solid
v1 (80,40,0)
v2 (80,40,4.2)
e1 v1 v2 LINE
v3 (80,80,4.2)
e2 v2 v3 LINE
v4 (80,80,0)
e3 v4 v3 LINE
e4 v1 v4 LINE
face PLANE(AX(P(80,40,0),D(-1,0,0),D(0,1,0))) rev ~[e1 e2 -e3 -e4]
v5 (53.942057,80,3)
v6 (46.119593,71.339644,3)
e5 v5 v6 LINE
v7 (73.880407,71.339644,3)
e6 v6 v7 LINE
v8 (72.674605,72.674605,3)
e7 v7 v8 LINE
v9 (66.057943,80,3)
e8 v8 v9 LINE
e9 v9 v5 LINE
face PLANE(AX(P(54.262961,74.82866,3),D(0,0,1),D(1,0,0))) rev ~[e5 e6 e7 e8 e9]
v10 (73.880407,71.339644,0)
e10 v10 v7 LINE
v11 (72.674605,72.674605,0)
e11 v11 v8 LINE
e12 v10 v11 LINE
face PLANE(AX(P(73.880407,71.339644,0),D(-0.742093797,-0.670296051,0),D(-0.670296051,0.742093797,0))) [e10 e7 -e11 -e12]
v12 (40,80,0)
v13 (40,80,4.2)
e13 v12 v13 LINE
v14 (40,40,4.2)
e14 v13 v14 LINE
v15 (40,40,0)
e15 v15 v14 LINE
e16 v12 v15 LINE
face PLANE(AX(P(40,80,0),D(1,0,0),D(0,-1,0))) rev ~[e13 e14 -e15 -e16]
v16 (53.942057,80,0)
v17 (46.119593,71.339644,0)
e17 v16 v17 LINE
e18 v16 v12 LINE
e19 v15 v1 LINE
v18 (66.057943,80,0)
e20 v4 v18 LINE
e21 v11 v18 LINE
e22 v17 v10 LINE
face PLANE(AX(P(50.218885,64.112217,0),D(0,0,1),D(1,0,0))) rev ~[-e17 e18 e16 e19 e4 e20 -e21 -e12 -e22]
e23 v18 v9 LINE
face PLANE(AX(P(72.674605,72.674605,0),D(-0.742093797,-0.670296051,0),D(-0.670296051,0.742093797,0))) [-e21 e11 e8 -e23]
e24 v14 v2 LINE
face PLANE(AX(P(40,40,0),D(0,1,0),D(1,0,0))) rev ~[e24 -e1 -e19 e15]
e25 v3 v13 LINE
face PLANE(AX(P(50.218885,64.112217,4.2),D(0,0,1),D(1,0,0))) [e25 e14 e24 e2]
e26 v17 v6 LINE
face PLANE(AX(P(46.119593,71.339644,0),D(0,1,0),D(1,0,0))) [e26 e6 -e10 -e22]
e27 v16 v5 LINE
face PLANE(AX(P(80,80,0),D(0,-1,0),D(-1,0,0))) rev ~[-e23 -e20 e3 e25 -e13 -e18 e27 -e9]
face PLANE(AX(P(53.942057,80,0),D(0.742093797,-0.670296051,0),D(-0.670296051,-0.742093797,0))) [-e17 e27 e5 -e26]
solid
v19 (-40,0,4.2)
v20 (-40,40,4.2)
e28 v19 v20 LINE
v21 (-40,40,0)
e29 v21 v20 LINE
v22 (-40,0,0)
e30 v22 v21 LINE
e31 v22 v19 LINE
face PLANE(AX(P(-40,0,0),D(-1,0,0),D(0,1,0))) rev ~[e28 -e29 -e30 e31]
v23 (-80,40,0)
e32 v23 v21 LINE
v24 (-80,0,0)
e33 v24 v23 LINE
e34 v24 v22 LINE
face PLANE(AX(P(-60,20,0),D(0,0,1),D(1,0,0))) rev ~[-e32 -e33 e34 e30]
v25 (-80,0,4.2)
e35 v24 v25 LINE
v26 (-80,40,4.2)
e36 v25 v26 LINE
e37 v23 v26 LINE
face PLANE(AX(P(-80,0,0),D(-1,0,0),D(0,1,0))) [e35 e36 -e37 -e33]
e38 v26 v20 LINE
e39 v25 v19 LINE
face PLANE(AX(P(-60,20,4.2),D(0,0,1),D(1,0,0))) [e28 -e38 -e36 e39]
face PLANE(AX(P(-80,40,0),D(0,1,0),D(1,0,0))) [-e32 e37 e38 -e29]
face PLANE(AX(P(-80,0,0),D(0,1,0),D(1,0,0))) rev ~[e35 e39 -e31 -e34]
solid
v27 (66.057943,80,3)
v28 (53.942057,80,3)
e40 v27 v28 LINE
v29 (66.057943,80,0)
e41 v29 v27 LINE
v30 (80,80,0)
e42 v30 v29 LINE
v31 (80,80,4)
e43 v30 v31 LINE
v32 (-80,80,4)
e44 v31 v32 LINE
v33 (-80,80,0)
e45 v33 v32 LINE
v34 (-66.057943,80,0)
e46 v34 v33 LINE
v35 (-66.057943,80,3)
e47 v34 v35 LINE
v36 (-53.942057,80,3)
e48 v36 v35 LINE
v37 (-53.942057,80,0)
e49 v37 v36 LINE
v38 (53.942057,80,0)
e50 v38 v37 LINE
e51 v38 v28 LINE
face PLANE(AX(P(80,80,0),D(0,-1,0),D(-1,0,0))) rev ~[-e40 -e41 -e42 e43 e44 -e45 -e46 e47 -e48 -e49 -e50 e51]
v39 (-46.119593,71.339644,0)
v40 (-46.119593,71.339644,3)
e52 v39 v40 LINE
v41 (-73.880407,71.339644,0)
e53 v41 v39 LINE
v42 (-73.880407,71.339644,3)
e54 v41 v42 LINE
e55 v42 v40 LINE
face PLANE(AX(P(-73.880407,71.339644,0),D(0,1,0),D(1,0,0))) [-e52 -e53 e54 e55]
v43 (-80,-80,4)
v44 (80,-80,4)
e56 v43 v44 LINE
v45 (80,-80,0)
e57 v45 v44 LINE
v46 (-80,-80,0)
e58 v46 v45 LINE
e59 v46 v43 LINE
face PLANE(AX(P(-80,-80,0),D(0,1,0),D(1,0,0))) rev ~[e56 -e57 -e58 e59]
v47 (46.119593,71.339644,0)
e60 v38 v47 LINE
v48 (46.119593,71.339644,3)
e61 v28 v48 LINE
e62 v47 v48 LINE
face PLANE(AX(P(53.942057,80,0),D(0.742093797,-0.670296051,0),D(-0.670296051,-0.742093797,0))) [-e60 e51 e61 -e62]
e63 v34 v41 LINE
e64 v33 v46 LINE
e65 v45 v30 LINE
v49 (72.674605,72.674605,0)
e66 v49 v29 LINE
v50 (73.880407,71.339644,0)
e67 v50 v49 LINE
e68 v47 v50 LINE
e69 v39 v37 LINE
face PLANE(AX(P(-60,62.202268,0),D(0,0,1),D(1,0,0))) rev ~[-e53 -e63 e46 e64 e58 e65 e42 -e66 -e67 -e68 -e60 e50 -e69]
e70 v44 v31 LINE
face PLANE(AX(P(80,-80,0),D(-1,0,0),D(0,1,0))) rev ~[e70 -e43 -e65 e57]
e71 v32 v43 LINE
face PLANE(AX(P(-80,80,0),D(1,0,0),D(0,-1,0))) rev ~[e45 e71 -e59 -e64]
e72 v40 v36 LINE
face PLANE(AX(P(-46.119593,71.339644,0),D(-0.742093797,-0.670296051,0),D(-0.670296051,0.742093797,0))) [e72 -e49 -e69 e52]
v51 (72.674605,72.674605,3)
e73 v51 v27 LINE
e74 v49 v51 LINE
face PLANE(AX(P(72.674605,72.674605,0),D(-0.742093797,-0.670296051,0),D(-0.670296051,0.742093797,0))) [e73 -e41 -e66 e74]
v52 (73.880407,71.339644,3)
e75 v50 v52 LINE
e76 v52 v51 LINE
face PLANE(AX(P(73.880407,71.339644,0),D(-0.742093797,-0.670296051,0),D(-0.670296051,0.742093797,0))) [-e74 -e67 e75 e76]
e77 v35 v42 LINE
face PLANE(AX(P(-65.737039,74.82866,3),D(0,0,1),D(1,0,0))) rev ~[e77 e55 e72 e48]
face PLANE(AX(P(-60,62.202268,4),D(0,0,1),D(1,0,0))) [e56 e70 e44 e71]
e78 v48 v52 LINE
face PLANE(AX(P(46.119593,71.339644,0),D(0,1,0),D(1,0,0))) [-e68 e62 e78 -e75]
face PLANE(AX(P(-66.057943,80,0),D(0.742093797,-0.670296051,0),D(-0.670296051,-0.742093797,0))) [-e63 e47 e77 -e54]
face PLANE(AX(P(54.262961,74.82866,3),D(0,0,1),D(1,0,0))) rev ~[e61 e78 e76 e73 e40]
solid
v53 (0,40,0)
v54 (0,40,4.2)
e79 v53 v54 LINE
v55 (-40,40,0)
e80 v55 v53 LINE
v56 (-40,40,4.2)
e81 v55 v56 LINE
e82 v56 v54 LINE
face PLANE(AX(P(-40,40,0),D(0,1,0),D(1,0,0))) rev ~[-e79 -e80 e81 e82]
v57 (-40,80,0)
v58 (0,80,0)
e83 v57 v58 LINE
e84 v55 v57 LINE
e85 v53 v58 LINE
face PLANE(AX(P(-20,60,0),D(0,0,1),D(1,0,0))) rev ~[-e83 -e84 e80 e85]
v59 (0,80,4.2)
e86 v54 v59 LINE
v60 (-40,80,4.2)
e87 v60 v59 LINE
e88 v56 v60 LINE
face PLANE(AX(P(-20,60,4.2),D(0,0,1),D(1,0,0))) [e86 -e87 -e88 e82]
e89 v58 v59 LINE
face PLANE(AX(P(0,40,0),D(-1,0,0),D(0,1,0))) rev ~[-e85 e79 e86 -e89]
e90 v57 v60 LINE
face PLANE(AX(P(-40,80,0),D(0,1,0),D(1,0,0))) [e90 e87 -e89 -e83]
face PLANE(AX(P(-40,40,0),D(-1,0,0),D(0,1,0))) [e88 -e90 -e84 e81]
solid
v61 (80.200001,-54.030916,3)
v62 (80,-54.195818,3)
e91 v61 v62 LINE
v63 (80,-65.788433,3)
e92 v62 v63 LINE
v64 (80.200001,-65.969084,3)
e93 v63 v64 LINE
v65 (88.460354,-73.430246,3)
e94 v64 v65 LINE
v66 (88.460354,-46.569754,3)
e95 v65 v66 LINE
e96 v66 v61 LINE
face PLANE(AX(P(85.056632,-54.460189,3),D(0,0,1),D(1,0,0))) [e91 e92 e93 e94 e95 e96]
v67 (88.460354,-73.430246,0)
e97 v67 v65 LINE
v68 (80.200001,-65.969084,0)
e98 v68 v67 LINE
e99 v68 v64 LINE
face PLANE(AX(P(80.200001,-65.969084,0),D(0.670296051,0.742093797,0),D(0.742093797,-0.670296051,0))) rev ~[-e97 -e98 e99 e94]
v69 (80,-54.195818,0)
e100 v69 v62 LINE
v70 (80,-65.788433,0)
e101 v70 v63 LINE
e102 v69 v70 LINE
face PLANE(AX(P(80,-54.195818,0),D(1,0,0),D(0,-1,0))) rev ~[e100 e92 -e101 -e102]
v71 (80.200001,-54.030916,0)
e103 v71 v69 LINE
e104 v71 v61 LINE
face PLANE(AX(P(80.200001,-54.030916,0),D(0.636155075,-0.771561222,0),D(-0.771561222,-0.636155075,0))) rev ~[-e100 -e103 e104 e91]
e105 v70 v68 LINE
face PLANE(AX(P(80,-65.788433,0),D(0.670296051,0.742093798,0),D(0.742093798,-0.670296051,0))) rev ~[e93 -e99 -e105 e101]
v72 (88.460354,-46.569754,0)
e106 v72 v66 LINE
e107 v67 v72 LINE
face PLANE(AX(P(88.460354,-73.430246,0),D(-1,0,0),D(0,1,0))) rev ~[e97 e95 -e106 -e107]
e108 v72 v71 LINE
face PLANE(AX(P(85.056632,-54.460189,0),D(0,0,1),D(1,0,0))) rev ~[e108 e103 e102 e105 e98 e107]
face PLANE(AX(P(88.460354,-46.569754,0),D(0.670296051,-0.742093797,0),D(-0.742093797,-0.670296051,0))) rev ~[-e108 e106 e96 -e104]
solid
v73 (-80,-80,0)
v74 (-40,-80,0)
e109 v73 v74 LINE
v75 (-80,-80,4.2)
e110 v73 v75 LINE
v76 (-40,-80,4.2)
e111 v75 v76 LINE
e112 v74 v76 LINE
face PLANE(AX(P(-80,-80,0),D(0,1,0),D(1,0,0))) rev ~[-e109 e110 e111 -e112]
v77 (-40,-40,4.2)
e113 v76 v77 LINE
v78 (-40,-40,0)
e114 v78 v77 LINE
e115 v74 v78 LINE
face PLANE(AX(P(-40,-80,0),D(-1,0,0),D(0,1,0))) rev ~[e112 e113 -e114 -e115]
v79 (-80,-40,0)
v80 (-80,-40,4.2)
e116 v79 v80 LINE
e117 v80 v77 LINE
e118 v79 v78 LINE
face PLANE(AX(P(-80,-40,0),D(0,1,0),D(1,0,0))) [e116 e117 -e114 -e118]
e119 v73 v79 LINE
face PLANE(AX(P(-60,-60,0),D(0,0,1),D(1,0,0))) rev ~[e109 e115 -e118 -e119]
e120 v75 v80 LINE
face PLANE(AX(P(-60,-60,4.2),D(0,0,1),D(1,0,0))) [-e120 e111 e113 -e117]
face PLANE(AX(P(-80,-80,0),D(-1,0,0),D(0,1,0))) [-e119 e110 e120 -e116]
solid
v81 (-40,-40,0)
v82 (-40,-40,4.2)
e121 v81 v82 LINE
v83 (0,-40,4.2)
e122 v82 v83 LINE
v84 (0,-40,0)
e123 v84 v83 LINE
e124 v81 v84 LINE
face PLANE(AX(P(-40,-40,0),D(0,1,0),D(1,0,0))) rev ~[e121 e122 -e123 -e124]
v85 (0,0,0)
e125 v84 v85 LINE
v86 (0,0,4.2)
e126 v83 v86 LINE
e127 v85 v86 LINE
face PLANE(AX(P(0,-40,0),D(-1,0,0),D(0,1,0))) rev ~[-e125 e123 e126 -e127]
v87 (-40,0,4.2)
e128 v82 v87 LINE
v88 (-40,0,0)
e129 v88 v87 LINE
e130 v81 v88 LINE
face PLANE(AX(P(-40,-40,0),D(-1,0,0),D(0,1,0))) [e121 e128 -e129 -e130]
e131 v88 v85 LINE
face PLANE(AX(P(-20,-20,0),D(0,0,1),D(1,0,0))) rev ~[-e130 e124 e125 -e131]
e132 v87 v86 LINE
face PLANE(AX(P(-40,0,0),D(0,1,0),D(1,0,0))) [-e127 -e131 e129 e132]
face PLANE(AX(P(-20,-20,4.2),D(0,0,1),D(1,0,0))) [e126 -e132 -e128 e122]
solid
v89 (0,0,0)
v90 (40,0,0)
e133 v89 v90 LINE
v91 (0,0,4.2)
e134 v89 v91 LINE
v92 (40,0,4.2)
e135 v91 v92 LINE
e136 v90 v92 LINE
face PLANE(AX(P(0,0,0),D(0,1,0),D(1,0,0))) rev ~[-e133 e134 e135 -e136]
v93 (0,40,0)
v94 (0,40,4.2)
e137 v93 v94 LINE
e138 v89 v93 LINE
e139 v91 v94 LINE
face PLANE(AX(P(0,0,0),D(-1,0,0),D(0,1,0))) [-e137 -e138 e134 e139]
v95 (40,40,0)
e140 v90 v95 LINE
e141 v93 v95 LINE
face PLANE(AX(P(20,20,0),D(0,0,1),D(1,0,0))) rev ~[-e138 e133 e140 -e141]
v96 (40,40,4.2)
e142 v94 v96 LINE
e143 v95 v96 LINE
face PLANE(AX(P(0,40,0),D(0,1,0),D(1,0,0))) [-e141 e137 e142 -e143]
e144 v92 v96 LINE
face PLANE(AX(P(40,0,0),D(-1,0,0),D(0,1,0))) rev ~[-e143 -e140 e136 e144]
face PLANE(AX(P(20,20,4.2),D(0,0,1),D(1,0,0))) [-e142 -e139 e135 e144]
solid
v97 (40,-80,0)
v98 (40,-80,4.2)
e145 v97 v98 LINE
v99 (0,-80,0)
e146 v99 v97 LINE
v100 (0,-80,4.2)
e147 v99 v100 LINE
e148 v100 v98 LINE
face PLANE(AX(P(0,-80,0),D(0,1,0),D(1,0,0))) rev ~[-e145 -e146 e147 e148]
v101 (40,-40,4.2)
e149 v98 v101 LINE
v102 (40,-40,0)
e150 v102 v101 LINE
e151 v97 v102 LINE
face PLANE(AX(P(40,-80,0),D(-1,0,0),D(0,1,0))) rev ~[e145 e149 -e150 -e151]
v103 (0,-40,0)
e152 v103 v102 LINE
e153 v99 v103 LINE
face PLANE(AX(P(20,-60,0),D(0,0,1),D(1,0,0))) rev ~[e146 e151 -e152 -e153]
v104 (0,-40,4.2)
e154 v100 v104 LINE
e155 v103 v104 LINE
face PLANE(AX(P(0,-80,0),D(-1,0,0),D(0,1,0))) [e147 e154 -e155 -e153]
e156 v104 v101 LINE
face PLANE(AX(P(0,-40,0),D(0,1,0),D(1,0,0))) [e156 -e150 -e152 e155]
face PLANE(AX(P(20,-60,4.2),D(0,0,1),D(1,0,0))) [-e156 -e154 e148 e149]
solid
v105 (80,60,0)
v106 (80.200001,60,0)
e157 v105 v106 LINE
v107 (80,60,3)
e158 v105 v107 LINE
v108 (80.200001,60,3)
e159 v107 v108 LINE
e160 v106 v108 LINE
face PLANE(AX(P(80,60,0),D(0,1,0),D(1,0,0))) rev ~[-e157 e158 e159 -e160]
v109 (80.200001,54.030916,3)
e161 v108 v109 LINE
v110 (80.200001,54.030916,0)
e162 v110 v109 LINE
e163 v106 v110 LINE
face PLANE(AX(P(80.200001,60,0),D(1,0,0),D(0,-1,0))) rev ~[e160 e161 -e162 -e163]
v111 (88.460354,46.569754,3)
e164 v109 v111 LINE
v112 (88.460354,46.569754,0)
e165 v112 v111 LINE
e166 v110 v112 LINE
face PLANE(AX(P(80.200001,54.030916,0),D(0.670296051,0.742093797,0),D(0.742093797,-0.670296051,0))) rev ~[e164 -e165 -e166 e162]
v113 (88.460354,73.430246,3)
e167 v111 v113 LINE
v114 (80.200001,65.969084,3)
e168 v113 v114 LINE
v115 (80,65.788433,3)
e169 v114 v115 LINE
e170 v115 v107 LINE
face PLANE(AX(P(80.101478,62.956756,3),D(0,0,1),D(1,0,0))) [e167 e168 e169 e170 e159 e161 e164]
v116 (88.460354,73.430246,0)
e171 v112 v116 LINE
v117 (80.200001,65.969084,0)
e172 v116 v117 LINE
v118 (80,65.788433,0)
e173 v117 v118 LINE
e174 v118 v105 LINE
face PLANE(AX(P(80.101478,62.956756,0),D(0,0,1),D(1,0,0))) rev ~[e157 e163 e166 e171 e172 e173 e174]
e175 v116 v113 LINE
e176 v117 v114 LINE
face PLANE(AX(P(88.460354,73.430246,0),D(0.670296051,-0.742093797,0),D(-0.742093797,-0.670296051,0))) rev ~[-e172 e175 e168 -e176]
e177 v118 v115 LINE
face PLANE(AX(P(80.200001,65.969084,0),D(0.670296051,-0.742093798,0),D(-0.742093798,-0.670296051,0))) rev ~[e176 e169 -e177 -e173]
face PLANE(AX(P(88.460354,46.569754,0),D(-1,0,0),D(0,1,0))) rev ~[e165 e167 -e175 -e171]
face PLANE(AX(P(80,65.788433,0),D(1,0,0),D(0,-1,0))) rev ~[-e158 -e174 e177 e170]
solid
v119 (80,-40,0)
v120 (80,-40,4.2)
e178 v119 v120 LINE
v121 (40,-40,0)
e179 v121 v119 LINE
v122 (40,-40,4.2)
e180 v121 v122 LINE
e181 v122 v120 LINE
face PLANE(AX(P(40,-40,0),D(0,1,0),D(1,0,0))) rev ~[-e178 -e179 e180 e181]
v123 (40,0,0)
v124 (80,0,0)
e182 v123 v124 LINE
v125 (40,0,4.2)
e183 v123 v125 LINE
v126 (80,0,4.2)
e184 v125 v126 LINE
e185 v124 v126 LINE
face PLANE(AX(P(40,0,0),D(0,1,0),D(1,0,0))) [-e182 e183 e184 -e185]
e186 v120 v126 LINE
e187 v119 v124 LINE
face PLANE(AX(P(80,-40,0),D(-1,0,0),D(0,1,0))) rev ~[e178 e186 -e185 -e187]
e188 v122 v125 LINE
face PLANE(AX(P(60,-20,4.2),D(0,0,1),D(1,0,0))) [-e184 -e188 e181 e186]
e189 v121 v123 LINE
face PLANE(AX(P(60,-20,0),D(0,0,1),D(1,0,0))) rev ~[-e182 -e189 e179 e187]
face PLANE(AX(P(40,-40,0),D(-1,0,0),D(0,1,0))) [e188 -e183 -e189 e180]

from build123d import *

# Parameters (mm, degrees)
F0_W     = 40
F0_H     = 40
F1_DEPTH = 4
F2_DEPTH = 4.2
F3_DEPTH = 3
F4_DEPTH = 3


with BuildPart() as f1:
    # F0 (on Top) → F1 (new body)
    with BuildSketch(Plane.XY):
        Polygon((-80, 80), (-80, 40), (-40, 40), (-40, 80), (-53.9420571923, 80), (-46.1195930839, 71.3396444917), (-60, 71.3396444917), (-73.8804069161, 71.3396444917), (-66.0579428077, 80), align=None)
        Polygon((-60, 80), (-66.0579428077, 80), (-73.8804069161, 71.3396444917), (-60, 71.3396444917), align=None)
        Polygon((-46.1195930839, 71.3396444917), (-53.9420571923, 80), (-60, 80), (-60, 71.3396444917), align=None)
        with Locations((-20, 60)):
            Rectangle(F0_W, F0_H)
        with Locations((20, 60)):
            Rectangle(F0_W, F0_H)
        Polygon((40, 80), (40, 40), (71.3396444917, 71.3396444917), (60, 71.3396444917), (46.1195930839, 71.3396444917), (53.9420571923, 80), align=None)
        Polygon((71.3396444917, 71.3396444917), (40, 40), (80, 40), (80, 53.9420571923), (80, 54.19581756), (80, 60), (80, 65.7884331082), (80, 66.0579428077), (80, 80), (72.6746045513, 72.6746045513), (73.8804069161, 71.3396444917), align=None)
        Polygon((72.6746045513, 72.6746045513), (71.3396444917, 71.3396444917), (73.8804069161, 71.3396444917), align=None)
        Polygon((60, 71.3396444917), (71.3396444917, 71.3396444917), (72.6746045513, 72.6746045513), (66.0579428077, 80), (60, 80), align=None)
        Polygon((66.0579428077, 80), (72.6746045513, 72.6746045513), (80, 80), align=None)
        Polygon((60, 80), (53.9420571923, 80), (46.1195930839, 71.3396444917), (60, 71.3396444917), align=None)
        with Locations((20, 20)):
            Rectangle(F0_W, F0_H)
        with Locations((-20, 20)):
            Rectangle(F0_W, F0_H)
        with Locations((-60, 20)):
            Rectangle(F0_W, F0_H)
        with Locations((-60, -20)):
            Rectangle(F0_W, F0_H)
        with Locations((-20, -20)):
            Rectangle(F0_W, F0_H)
        with Locations((20, -20)):
            Rectangle(F0_W, F0_H)
        with Locations((60, -20)):
            Rectangle(F0_W, F0_H)
        Polygon((40, -40), (40, -80), (80, -80), (80, -66.0579428077), (80, -65.7884331082), (80, -60), (80, -54.19581756), (80, -53.9420571923), (80, -40), align=None)
        with Locations((20, -60)):
            Rectangle(F0_W, F0_H)
        with Locations((-20, -60)):
            Rectangle(F0_W, F0_H)
        with Locations((-60, -60)):
            Rectangle(F0_W, F0_H)
        with Locations((60, 20)):
            Rectangle(F0_W, F0_H)
    extrude(amount=F1_DEPTH)


with BuildPart() as f2:
    # F0 (on Top) → F2 (new body)
    with BuildSketch(Plane.XY):
        with Locations((-60, -60)):
            Rectangle(F0_W, F0_H)
    extrude(amount=F2_DEPTH)


with BuildPart() as f2b:
    # F0 (on Top) → F2, piece 2 (new body)
    with BuildSketch(Plane.XY):
        with Locations((-20, -20)):
            Rectangle(F0_W, F0_H)
    extrude(amount=F2_DEPTH)


with BuildPart() as f2c:
    # F0 (on Top) → F2, piece 3 (new body)
    with BuildSketch(Plane.XY):
        with Locations((-60, 20)):
            Rectangle(F0_W, F0_H)
    extrude(amount=F2_DEPTH)


with BuildPart() as f2d:
    # F0 (on Top) → F2, piece 4 (new body)
    with BuildSketch(Plane.XY):
        with Locations((-20, 60)):
            Rectangle(F0_W, F0_H)
    extrude(amount=F2_DEPTH)


with BuildPart() as f2e:
    # F0 (on Top) → F2, piece 5 (new body)
    with BuildSketch(Plane.XY):
        with Locations((20, 20)):
            Rectangle(F0_W, F0_H)
    extrude(amount=F2_DEPTH)


with BuildPart() as f2f:
    # F0 (on Top) → F2, piece 6 (new body)
    with BuildSketch(Plane.XY):
        with Locations((60, -20)):
            Rectangle(F0_W, F0_H)
    extrude(amount=F2_DEPTH)


with BuildPart() as f2g:
    # F0 (on Top) → F2, piece 7 (new body)
    with BuildSketch(Plane.XY):
        with Locations((20, -60)):
            Rectangle(F0_W, F0_H)
    extrude(amount=F2_DEPTH)


with BuildPart() as f2h:
    # F0 (on Top) → F2, piece 8 (new body)
    with BuildSketch(Plane.XY):
        Polygon((40, 80), (40, 40), (71.3396444917, 71.3396444917), (60, 71.3396444917), (46.1195930839, 71.3396444917), (53.9420571923, 80), align=None)
        Polygon((71.3396444917, 71.3396444917), (40, 40), (80, 40), (80, 53.9420571923), (80, 54.19581756), (80, 60), (80, 65.7884331082), (80, 66.0579428077), (80, 80), (72.6746045513, 72.6746045513), (73.8804069161, 71.3396444917), align=None)
        Polygon((60, 71.3396444917), (71.3396444917, 71.3396444917), (72.6746045513, 72.6746045513), (66.0579428077, 80), (60, 80), align=None)
        Polygon((60, 80), (53.9420571923, 80), (46.1195930839, 71.3396444917), (60, 71.3396444917), align=None)
        Polygon((66.0579428077, 80), (72.6746045513, 72.6746045513), (80, 80), align=None)
        Polygon((72.6746045513, 72.6746045513), (71.3396444917, 71.3396444917), (73.8804069161, 71.3396444917), align=None)
    extrude(amount=F2_DEPTH)


with BuildPart() as f3_tool:
    # F0 (on Top) → F3 (new body)
    with BuildSketch(Plane.XY):
        Polygon((60, 80), (53.9420571923, 80), (46.1195930839, 71.3396444917), (60, 71.3396444917), align=None)
        Polygon((60, 71.3396444917), (71.3396444917, 71.3396444917), (72.6746045513, 72.6746045513), (66.0579428077, 80), (60, 80), align=None)
        Polygon((72.6746045513, 72.6746045513), (71.3396444917, 71.3396444917), (73.8804069161, 71.3396444917), align=None)
        Polygon((-60, 80), (-66.0579428077, 80), (-73.8804069161, 71.3396444917), (-60, 71.3396444917), align=None)
        Polygon((-46.1195930839, 71.3396444917), (-53.9420571923, 80), (-60, 80), (-60, 71.3396444917), align=None)
    extrude(amount=F3_DEPTH)


with BuildPart() as f1_1:
    add(f1.part)

    # F3: cut by f3_tool
    add(f3_tool.part, mode=Mode.SUBTRACT)


with BuildPart() as f2h_1:
    add(f2h.part)

    # F3: cut by f3_tool
    add(f3_tool.part, mode=Mode.SUBTRACT)


with BuildPart() as f4:
    # F0 (on Top) → F4 (new body)
    with BuildSketch(Plane.XY):
        Polygon((80, 65.7884331082), (80, 60), (80.2000014764, 60), (80.2000014764, 65.9690843954), align=None)
        Polygon((80.2000014764, 60), (80.2000014764, 54.0309156046), (88.460354032, 46.5697540706), (88.460354032, 60), align=None)
        Polygon((80.2000014764, 65.9690843954), (80.2000014764, 60), (88.460354032, 60), (88.460354032, 73.4302459294), align=None)
    extrude(amount=F4_DEPTH)


with BuildPart() as f4b:
    # F0 (on Top) → F4, piece 2 (new body)
    with BuildSketch(Plane.XY):
        Polygon((80, -54.19581756), (80, -60), (88.460354032, -60), (88.460354032, -46.5697540706), (80.2000014764, -54.0309156046), align=None)
        Polygon((80, -60), (80, -65.7884331082), (80.2000014764, -65.9690843954), (88.460354032, -73.4302459294), (88.460354032, -60), align=None)
    extrude(amount=F4_DEPTH)


solid = Compound([f2.part, f2b.part, f2c.part, f2d.part, f2e.part, f2f.part, f2g.part, f1_1.part, f2h_1.part, f4.part, f4b.part])
